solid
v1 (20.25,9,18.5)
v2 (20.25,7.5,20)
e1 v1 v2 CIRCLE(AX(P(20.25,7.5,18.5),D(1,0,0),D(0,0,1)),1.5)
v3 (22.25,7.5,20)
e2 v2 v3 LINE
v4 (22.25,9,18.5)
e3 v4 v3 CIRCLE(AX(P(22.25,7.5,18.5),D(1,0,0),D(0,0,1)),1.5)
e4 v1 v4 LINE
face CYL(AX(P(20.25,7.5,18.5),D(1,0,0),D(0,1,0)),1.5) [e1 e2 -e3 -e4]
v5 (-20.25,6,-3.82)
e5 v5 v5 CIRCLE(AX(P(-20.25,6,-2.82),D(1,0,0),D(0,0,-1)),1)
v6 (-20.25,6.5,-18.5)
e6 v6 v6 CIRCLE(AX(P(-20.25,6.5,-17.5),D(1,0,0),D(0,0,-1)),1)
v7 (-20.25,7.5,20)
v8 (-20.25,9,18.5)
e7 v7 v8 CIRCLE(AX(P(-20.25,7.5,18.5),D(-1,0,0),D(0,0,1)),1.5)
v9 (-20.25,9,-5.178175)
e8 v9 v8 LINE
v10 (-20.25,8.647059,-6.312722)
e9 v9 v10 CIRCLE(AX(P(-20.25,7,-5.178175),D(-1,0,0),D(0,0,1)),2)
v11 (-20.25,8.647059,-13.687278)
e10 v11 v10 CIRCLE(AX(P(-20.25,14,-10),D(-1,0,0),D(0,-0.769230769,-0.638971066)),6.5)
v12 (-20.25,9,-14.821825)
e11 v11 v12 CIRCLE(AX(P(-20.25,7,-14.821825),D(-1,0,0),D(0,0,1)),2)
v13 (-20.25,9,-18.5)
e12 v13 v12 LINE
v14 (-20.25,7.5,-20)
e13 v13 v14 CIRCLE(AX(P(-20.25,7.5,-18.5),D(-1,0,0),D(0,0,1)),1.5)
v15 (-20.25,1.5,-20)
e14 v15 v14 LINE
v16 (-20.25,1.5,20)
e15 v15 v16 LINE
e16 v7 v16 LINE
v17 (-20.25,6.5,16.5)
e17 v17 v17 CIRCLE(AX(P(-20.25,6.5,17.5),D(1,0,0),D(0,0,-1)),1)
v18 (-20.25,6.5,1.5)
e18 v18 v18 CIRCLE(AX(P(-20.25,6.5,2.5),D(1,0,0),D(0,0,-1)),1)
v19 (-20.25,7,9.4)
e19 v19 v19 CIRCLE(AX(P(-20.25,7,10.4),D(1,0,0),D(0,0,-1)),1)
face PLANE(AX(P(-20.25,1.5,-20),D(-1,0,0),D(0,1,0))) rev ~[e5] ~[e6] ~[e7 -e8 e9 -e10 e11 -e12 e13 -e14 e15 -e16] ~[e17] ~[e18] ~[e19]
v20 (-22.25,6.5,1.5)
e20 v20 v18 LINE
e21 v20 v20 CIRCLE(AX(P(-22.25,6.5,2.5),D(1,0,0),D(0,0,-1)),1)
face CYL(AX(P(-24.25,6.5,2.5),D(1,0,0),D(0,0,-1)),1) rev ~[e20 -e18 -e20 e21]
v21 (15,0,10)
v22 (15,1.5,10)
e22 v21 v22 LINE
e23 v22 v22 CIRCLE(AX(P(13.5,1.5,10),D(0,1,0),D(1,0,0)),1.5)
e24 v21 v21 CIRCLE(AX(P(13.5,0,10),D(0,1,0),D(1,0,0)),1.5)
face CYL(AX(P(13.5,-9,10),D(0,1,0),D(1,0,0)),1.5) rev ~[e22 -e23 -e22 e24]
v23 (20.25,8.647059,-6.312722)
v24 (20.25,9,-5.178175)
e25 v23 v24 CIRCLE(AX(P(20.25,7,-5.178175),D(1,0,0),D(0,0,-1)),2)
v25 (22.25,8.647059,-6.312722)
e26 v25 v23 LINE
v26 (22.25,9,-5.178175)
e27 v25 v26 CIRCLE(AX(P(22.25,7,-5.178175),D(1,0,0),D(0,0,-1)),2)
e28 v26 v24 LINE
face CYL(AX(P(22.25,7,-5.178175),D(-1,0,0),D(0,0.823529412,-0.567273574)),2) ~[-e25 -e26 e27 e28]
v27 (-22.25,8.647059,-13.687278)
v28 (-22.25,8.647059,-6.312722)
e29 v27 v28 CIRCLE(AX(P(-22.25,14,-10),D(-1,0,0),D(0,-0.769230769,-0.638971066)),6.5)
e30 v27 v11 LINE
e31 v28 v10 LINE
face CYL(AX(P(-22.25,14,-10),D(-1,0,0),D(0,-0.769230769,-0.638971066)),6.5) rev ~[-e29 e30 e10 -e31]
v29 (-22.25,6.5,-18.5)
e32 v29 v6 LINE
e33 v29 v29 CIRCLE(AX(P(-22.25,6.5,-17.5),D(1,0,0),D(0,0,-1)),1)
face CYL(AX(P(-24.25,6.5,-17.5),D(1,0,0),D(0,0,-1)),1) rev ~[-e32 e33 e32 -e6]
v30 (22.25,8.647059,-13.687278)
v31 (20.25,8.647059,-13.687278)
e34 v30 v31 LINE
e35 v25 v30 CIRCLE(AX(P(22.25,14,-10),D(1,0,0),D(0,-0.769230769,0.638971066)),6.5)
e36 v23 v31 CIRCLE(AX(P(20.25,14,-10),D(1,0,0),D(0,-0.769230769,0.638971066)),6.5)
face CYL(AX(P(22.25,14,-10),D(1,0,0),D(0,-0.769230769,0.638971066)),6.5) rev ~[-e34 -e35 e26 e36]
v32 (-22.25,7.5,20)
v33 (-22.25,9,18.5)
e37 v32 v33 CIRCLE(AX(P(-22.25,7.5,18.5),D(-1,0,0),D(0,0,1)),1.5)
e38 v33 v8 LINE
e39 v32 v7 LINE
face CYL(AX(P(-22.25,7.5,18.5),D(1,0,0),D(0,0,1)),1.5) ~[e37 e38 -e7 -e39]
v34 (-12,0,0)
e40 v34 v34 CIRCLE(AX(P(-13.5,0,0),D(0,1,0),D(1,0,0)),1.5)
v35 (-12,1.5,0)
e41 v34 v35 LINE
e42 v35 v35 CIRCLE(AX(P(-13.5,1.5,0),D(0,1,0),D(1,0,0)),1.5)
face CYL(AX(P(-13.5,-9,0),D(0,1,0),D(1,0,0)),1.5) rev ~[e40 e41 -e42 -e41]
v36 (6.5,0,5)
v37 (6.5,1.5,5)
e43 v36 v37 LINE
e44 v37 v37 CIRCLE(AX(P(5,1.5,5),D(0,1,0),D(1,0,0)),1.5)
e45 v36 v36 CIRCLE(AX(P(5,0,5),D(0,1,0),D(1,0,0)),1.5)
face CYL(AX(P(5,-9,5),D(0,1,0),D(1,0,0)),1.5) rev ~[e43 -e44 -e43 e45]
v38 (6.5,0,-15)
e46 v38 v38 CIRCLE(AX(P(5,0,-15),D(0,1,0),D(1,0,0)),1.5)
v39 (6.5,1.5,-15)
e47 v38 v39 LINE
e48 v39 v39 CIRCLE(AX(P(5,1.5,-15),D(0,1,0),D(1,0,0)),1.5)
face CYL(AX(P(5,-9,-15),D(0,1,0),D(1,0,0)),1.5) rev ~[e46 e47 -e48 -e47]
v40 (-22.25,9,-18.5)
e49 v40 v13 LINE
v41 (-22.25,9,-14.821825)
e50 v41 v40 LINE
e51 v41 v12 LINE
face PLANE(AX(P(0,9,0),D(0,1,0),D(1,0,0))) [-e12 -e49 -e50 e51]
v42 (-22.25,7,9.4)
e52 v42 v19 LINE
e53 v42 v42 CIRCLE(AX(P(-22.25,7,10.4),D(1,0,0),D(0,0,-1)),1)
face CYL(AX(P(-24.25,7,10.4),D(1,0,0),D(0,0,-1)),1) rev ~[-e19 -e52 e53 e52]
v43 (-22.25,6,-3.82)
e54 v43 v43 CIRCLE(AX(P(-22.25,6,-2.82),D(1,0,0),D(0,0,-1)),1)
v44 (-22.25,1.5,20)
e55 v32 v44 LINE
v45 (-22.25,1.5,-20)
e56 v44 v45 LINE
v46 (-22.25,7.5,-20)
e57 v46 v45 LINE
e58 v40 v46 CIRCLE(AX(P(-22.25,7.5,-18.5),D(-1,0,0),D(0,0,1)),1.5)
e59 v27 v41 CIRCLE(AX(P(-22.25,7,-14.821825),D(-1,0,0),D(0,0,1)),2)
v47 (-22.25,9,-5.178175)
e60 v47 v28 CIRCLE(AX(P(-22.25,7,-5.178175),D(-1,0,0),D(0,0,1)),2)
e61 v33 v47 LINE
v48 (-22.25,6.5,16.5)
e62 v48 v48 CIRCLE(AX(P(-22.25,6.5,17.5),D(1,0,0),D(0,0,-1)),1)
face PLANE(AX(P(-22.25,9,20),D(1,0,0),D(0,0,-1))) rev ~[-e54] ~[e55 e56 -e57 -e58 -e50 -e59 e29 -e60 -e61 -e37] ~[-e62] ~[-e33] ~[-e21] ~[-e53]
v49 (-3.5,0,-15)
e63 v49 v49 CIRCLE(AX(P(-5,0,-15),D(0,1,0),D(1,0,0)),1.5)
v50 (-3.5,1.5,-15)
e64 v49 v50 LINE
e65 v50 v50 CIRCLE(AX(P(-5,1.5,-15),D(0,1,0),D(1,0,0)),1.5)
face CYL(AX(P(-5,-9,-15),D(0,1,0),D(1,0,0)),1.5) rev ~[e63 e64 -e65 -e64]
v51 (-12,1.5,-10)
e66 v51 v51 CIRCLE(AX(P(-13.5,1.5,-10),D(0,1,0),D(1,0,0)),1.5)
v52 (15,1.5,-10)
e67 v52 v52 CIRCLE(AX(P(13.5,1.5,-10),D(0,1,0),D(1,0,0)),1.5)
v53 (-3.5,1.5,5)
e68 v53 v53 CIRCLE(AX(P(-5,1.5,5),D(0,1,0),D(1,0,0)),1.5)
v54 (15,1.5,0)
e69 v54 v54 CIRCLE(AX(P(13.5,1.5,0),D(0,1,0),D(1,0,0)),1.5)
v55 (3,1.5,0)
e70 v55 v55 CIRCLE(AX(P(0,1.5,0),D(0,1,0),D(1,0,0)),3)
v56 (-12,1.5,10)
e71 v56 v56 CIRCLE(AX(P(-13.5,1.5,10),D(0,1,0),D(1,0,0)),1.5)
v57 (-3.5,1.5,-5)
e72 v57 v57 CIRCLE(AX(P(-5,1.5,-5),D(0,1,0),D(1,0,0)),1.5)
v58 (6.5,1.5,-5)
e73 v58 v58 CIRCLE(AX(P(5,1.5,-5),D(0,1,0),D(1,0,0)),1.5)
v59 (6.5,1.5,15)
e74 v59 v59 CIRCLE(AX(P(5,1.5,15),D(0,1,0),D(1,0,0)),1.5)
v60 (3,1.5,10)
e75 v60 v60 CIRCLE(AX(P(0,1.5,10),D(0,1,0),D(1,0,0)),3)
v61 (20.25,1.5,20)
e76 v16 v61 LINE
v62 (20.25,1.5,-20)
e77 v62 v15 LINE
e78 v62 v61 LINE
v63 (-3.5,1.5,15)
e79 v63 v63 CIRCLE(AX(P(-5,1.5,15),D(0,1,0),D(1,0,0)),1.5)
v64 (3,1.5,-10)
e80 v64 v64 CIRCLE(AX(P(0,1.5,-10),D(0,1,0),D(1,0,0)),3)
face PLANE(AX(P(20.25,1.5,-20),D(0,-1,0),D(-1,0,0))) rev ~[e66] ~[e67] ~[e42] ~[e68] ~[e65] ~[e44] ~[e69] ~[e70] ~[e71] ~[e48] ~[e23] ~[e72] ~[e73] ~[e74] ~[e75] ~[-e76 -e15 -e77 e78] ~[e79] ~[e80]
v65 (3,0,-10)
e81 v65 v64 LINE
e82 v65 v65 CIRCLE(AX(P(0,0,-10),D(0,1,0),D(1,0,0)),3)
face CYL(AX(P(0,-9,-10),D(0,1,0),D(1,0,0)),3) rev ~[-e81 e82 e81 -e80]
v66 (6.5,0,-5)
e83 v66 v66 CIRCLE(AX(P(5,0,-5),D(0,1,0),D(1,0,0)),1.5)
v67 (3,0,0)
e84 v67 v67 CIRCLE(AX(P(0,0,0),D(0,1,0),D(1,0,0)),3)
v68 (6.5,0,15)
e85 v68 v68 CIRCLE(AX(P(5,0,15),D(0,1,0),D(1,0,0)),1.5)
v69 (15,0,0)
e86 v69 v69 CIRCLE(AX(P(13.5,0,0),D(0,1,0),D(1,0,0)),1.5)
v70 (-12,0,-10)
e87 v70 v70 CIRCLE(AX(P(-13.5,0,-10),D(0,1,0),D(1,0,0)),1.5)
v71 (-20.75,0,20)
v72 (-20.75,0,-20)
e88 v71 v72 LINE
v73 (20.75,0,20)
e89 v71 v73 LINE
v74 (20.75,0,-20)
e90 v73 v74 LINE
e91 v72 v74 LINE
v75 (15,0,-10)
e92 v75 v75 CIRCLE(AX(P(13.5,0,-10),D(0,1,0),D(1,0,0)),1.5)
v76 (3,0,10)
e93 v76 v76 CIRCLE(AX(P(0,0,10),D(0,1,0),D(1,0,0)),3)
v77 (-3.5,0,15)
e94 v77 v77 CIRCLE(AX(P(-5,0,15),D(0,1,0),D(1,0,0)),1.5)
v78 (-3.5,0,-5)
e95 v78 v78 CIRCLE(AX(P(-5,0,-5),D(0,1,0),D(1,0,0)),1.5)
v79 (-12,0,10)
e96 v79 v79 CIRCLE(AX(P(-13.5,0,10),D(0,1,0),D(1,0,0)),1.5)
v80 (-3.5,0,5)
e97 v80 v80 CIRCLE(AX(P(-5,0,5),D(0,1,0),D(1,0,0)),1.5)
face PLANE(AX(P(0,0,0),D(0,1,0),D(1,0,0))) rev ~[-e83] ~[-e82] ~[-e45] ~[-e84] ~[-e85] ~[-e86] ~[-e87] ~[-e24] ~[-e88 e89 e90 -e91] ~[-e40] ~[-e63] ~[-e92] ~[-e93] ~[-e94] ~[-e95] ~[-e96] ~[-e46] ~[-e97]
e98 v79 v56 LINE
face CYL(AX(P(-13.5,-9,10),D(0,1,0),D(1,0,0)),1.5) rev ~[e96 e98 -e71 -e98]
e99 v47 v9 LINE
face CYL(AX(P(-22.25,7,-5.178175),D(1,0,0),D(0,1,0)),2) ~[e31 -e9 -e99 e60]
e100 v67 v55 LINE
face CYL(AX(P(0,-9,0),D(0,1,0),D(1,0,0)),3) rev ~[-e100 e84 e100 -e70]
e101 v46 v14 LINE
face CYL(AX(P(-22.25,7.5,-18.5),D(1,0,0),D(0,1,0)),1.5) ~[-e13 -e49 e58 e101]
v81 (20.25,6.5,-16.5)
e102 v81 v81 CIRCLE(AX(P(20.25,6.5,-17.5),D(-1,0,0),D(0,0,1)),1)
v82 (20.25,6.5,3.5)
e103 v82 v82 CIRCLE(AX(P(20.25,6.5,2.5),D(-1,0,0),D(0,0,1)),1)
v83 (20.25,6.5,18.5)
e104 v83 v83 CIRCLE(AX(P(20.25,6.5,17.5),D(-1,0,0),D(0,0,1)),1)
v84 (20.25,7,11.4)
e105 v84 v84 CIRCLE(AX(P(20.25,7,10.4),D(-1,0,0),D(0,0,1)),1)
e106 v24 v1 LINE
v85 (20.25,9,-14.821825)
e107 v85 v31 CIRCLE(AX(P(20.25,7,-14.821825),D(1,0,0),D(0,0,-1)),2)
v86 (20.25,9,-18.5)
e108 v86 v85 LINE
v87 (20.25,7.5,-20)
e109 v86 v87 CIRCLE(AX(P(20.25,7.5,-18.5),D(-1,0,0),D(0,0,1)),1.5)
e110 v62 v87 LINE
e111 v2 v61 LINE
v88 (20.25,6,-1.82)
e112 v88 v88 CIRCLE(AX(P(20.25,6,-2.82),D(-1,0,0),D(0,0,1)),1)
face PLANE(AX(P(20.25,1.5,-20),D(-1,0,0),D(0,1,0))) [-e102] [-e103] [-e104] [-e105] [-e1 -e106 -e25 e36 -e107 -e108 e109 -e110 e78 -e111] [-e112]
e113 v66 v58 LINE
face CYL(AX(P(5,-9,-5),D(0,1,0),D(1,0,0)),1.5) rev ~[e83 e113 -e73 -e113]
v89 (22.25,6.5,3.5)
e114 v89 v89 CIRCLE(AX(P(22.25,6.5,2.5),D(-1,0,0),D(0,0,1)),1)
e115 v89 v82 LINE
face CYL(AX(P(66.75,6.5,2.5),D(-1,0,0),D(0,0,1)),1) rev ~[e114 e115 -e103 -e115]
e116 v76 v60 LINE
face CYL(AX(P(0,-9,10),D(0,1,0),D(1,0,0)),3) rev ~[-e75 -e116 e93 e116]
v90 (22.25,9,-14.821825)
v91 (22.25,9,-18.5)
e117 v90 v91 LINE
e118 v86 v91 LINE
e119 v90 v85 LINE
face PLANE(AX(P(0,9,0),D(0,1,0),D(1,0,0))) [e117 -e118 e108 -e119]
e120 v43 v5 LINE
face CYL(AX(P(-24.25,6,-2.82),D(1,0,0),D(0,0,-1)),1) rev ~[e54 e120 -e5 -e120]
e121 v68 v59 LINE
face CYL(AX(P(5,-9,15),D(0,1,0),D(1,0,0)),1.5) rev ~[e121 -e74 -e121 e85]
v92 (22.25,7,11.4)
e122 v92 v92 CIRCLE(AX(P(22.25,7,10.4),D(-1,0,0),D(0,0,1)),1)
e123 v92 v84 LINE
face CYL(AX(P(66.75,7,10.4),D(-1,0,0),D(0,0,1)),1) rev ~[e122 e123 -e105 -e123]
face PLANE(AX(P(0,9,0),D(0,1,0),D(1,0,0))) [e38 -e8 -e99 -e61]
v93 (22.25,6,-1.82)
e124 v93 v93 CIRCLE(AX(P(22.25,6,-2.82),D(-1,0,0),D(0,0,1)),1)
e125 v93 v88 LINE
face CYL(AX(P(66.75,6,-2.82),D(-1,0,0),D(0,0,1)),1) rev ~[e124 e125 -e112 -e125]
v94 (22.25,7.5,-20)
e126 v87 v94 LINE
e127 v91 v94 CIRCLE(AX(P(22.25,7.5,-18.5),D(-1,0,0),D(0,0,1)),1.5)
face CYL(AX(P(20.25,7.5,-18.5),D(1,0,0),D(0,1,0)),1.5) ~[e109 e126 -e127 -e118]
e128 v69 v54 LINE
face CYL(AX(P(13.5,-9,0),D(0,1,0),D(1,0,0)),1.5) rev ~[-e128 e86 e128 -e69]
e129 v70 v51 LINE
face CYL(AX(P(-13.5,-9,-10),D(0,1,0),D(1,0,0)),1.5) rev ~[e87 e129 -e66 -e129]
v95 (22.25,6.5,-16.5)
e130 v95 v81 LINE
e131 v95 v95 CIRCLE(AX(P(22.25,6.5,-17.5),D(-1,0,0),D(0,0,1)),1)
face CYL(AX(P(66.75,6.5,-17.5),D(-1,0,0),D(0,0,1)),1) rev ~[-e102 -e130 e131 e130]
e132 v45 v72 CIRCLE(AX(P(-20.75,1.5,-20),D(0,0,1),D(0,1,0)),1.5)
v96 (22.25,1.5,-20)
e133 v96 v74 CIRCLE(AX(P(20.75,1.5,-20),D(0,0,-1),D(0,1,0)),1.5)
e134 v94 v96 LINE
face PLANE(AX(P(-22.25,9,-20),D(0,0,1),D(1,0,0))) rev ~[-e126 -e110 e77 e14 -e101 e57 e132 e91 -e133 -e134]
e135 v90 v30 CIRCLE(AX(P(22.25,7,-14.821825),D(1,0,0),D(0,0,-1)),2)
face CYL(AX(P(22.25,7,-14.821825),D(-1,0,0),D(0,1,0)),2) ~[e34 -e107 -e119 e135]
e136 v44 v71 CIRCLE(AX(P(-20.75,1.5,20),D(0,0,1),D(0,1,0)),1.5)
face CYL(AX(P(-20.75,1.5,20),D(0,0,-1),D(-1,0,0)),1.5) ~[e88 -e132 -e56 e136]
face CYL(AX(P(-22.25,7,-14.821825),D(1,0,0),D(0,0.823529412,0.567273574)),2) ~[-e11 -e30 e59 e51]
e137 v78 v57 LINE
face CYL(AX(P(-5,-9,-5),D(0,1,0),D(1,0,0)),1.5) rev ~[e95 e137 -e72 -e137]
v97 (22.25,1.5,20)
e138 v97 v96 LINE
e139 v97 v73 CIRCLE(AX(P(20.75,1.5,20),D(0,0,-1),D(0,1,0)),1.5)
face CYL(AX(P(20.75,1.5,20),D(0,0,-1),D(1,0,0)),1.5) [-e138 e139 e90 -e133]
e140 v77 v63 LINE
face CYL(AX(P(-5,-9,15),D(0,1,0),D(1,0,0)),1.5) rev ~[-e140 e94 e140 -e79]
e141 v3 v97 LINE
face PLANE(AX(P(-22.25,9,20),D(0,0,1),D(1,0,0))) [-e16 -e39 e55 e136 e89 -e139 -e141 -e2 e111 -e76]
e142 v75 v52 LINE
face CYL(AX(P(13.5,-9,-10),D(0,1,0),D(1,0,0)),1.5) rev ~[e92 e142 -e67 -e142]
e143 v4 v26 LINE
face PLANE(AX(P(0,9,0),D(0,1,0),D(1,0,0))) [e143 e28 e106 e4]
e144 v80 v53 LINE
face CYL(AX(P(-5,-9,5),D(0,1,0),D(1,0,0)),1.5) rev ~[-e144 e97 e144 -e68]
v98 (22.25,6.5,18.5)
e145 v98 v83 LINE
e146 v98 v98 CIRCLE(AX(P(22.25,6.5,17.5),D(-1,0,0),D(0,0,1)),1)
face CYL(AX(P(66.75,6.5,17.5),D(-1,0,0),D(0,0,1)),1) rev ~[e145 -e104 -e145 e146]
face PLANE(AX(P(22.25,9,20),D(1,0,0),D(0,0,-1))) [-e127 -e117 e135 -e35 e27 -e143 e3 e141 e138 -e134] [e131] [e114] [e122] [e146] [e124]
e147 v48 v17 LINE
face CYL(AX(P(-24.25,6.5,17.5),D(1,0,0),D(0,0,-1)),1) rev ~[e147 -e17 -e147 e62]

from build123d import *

# Parameters (mm, degrees)
SKETCH_1_W                = 44.5
SKETCH_1_H                = 40
EXTRUDE_1_DEPTH           = 9
SKETCH_2_W                = 40.5
SKETCH_2_H                = 7.5
CUT_EXTRUDE_1_DEPTH       = 47.64828507
CUT_EXTRUDE_2_REACH       = 51.611
CUT_EXTRUDE_3_DEPTH       = 50.610986686
HOLE_WIZARD_6_0_6_1_D     = 6
HOLE_WIZARD_6_0_6_1_DEPTH = 9
HOLE_WIZARD_3_0_3_1_D     = 3
HOLE_WIZARD_3_0_3_1_DEPTH = 9
HOLE_WIZARD_2_0_2_1_D     = 2
HOLE_WIZARD_2_0_2_1_DEPTH = 2
HOLE_WIZARD_2_0_2_2_D     = 2
HOLE_WIZARD_2_0_2_2_DEPTH = 44.5
FILLET_1_R                = 1.5
FILLET_2_R                = 2


with BuildPart() as part:
    # 草图1 → 凸台-拉伸1 (new body)
    with BuildSketch(Plane(origin=(0, 9, 0), x_dir=(1, 0, 0), z_dir=(0, 1, 0))):
        Rectangle(SKETCH_1_W, SKETCH_1_H)
    extrude(amount=-EXTRUDE_1_DEPTH)

    # 草图2 → 切除-拉伸1 (cut, through all)
    with BuildSketch(Plane(origin=(0, 0, -20), x_dir=(-1, 0, 0), z_dir=(0, 0, -1))):
        with Locations((0, 5.25)):
            Rectangle(SKETCH_2_W, SKETCH_2_H)
    extrude(amount=-CUT_EXTRUDE_1_DEPTH, mode=Mode.SUBTRACT)

    # 草图3 → 切除-拉伸2 (cut, up to next)
    with BuildSketch(Plane(origin=(22.25, 0, 0), x_dir=(0, 0, -1), z_dir=(1, 0, 0)), mode=Mode.PRIVATE) as cut_extrude_2_sk1:
        with BuildLine():
            Line((14.153311931, 9), (5.846688069, 9))
            ThreePointArc((5.846688069, 9), (10, 7.5), (14.153311931, 9))
        make_face()
    cut_extrude_2_tool1 = extrude(cut_extrude_2_sk1.sketch, amount=-CUT_EXTRUDE_2_REACH, mode=Mode.PRIVATE) & part.part
    add(cut_extrude_2_tool1.solids().sort_by_distance((22.25, 8.39364, -10))[0], mode=Mode.SUBTRACT)

    # 草图4 → 切除-拉伸3 (cut, through all)
    with BuildSketch(Plane.ZY.offset(22.25)):
        with BuildLine():
            Line((-5.846688069, 9), (-14.153311931, 9))
            ThreePointArc((-14.153311931, 9), (-10, 7.5), (-5.846688069, 9))
        make_face()
    extrude(amount=-CUT_EXTRUDE_3_DEPTH, mode=Mode.SUBTRACT)

    # Ø6.0 (6) 直径孔1
    with Locations(Plane(origin=(0, 0, 0), x_dir=(-1, 0, 0), z_dir=(0, -1, 0))):
        with Locations((0, 0), (0, 10), (0, -10)):
            Hole(HOLE_WIZARD_6_0_6_1_D / 2, depth=HOLE_WIZARD_6_0_6_1_DEPTH)

    # Ø3.0 (3) 直径孔1
    with Locations(Plane(origin=(0, 0, 0), x_dir=(-1, 0, 0), z_dir=(0, -1, 0))):
        with Locations((5, 5), (-5, 5), (-5, -5), (5, -5), (5, 15), (-5, 15), (-5, -15), (5, -15), (13.5, 10), (13.5, 0), (13.5, -10), (-13.5, 10), (-13.5, 0), (-13.5, -10)):
            Hole(HOLE_WIZARD_3_0_3_1_D / 2, depth=HOLE_WIZARD_3_0_3_1_DEPTH)

    # Ø2.0 (2) 直径孔1
    with Locations(Plane.ZY.offset(22.25)):
        with Locations((-17.5, 6.5), (2.5, 6.5), (10.4, 7), (17.5, 6.5), (-2.82, 6)):
            Hole(HOLE_WIZARD_2_0_2_1_D / 2, depth=HOLE_WIZARD_2_0_2_1_DEPTH)

    # Ø2.0 (2) 直径孔2
    with Locations(Plane(origin=(22.25, 0, 0), x_dir=(0, 0, -1), z_dir=(1, 0, 0))):
        with Locations((17.5, 6.5), (-2.5, 6.5), (-10.4, 7), (-17.5, 6.5), (2.82, 6)):
            Hole(HOLE_WIZARD_2_0_2_2_D / 2, depth=HOLE_WIZARD_2_0_2_2_DEPTH)

    # 圆角1
    fillet_1_edges = [part.edges().sort_by_distance(p)[0] for p in [
        (22.25, 0, 0),
        (21.25, 9, 20),
        (-21.25, 9, -20),
        (-22.25, 0, 0),
        (21.25, 9, -20),
        (-21.25, 9, 20),
    ]]
    fillet(fillet_1_edges, radius=FILLET_1_R)

    # 圆角2
    fillet_2_edges = [part.edges().sort_by_distance(p)[0] for p in [
        (21.25, 9, -5.846688069),
        (21.25, 9, -14.153311931),
        (-21.25, 9, -5.846688069),
        (-21.25, 9, -14.153311931),
    ]]
    fillet(fillet_2_edges, radius=FILLET_2_R)


solid = part.part
